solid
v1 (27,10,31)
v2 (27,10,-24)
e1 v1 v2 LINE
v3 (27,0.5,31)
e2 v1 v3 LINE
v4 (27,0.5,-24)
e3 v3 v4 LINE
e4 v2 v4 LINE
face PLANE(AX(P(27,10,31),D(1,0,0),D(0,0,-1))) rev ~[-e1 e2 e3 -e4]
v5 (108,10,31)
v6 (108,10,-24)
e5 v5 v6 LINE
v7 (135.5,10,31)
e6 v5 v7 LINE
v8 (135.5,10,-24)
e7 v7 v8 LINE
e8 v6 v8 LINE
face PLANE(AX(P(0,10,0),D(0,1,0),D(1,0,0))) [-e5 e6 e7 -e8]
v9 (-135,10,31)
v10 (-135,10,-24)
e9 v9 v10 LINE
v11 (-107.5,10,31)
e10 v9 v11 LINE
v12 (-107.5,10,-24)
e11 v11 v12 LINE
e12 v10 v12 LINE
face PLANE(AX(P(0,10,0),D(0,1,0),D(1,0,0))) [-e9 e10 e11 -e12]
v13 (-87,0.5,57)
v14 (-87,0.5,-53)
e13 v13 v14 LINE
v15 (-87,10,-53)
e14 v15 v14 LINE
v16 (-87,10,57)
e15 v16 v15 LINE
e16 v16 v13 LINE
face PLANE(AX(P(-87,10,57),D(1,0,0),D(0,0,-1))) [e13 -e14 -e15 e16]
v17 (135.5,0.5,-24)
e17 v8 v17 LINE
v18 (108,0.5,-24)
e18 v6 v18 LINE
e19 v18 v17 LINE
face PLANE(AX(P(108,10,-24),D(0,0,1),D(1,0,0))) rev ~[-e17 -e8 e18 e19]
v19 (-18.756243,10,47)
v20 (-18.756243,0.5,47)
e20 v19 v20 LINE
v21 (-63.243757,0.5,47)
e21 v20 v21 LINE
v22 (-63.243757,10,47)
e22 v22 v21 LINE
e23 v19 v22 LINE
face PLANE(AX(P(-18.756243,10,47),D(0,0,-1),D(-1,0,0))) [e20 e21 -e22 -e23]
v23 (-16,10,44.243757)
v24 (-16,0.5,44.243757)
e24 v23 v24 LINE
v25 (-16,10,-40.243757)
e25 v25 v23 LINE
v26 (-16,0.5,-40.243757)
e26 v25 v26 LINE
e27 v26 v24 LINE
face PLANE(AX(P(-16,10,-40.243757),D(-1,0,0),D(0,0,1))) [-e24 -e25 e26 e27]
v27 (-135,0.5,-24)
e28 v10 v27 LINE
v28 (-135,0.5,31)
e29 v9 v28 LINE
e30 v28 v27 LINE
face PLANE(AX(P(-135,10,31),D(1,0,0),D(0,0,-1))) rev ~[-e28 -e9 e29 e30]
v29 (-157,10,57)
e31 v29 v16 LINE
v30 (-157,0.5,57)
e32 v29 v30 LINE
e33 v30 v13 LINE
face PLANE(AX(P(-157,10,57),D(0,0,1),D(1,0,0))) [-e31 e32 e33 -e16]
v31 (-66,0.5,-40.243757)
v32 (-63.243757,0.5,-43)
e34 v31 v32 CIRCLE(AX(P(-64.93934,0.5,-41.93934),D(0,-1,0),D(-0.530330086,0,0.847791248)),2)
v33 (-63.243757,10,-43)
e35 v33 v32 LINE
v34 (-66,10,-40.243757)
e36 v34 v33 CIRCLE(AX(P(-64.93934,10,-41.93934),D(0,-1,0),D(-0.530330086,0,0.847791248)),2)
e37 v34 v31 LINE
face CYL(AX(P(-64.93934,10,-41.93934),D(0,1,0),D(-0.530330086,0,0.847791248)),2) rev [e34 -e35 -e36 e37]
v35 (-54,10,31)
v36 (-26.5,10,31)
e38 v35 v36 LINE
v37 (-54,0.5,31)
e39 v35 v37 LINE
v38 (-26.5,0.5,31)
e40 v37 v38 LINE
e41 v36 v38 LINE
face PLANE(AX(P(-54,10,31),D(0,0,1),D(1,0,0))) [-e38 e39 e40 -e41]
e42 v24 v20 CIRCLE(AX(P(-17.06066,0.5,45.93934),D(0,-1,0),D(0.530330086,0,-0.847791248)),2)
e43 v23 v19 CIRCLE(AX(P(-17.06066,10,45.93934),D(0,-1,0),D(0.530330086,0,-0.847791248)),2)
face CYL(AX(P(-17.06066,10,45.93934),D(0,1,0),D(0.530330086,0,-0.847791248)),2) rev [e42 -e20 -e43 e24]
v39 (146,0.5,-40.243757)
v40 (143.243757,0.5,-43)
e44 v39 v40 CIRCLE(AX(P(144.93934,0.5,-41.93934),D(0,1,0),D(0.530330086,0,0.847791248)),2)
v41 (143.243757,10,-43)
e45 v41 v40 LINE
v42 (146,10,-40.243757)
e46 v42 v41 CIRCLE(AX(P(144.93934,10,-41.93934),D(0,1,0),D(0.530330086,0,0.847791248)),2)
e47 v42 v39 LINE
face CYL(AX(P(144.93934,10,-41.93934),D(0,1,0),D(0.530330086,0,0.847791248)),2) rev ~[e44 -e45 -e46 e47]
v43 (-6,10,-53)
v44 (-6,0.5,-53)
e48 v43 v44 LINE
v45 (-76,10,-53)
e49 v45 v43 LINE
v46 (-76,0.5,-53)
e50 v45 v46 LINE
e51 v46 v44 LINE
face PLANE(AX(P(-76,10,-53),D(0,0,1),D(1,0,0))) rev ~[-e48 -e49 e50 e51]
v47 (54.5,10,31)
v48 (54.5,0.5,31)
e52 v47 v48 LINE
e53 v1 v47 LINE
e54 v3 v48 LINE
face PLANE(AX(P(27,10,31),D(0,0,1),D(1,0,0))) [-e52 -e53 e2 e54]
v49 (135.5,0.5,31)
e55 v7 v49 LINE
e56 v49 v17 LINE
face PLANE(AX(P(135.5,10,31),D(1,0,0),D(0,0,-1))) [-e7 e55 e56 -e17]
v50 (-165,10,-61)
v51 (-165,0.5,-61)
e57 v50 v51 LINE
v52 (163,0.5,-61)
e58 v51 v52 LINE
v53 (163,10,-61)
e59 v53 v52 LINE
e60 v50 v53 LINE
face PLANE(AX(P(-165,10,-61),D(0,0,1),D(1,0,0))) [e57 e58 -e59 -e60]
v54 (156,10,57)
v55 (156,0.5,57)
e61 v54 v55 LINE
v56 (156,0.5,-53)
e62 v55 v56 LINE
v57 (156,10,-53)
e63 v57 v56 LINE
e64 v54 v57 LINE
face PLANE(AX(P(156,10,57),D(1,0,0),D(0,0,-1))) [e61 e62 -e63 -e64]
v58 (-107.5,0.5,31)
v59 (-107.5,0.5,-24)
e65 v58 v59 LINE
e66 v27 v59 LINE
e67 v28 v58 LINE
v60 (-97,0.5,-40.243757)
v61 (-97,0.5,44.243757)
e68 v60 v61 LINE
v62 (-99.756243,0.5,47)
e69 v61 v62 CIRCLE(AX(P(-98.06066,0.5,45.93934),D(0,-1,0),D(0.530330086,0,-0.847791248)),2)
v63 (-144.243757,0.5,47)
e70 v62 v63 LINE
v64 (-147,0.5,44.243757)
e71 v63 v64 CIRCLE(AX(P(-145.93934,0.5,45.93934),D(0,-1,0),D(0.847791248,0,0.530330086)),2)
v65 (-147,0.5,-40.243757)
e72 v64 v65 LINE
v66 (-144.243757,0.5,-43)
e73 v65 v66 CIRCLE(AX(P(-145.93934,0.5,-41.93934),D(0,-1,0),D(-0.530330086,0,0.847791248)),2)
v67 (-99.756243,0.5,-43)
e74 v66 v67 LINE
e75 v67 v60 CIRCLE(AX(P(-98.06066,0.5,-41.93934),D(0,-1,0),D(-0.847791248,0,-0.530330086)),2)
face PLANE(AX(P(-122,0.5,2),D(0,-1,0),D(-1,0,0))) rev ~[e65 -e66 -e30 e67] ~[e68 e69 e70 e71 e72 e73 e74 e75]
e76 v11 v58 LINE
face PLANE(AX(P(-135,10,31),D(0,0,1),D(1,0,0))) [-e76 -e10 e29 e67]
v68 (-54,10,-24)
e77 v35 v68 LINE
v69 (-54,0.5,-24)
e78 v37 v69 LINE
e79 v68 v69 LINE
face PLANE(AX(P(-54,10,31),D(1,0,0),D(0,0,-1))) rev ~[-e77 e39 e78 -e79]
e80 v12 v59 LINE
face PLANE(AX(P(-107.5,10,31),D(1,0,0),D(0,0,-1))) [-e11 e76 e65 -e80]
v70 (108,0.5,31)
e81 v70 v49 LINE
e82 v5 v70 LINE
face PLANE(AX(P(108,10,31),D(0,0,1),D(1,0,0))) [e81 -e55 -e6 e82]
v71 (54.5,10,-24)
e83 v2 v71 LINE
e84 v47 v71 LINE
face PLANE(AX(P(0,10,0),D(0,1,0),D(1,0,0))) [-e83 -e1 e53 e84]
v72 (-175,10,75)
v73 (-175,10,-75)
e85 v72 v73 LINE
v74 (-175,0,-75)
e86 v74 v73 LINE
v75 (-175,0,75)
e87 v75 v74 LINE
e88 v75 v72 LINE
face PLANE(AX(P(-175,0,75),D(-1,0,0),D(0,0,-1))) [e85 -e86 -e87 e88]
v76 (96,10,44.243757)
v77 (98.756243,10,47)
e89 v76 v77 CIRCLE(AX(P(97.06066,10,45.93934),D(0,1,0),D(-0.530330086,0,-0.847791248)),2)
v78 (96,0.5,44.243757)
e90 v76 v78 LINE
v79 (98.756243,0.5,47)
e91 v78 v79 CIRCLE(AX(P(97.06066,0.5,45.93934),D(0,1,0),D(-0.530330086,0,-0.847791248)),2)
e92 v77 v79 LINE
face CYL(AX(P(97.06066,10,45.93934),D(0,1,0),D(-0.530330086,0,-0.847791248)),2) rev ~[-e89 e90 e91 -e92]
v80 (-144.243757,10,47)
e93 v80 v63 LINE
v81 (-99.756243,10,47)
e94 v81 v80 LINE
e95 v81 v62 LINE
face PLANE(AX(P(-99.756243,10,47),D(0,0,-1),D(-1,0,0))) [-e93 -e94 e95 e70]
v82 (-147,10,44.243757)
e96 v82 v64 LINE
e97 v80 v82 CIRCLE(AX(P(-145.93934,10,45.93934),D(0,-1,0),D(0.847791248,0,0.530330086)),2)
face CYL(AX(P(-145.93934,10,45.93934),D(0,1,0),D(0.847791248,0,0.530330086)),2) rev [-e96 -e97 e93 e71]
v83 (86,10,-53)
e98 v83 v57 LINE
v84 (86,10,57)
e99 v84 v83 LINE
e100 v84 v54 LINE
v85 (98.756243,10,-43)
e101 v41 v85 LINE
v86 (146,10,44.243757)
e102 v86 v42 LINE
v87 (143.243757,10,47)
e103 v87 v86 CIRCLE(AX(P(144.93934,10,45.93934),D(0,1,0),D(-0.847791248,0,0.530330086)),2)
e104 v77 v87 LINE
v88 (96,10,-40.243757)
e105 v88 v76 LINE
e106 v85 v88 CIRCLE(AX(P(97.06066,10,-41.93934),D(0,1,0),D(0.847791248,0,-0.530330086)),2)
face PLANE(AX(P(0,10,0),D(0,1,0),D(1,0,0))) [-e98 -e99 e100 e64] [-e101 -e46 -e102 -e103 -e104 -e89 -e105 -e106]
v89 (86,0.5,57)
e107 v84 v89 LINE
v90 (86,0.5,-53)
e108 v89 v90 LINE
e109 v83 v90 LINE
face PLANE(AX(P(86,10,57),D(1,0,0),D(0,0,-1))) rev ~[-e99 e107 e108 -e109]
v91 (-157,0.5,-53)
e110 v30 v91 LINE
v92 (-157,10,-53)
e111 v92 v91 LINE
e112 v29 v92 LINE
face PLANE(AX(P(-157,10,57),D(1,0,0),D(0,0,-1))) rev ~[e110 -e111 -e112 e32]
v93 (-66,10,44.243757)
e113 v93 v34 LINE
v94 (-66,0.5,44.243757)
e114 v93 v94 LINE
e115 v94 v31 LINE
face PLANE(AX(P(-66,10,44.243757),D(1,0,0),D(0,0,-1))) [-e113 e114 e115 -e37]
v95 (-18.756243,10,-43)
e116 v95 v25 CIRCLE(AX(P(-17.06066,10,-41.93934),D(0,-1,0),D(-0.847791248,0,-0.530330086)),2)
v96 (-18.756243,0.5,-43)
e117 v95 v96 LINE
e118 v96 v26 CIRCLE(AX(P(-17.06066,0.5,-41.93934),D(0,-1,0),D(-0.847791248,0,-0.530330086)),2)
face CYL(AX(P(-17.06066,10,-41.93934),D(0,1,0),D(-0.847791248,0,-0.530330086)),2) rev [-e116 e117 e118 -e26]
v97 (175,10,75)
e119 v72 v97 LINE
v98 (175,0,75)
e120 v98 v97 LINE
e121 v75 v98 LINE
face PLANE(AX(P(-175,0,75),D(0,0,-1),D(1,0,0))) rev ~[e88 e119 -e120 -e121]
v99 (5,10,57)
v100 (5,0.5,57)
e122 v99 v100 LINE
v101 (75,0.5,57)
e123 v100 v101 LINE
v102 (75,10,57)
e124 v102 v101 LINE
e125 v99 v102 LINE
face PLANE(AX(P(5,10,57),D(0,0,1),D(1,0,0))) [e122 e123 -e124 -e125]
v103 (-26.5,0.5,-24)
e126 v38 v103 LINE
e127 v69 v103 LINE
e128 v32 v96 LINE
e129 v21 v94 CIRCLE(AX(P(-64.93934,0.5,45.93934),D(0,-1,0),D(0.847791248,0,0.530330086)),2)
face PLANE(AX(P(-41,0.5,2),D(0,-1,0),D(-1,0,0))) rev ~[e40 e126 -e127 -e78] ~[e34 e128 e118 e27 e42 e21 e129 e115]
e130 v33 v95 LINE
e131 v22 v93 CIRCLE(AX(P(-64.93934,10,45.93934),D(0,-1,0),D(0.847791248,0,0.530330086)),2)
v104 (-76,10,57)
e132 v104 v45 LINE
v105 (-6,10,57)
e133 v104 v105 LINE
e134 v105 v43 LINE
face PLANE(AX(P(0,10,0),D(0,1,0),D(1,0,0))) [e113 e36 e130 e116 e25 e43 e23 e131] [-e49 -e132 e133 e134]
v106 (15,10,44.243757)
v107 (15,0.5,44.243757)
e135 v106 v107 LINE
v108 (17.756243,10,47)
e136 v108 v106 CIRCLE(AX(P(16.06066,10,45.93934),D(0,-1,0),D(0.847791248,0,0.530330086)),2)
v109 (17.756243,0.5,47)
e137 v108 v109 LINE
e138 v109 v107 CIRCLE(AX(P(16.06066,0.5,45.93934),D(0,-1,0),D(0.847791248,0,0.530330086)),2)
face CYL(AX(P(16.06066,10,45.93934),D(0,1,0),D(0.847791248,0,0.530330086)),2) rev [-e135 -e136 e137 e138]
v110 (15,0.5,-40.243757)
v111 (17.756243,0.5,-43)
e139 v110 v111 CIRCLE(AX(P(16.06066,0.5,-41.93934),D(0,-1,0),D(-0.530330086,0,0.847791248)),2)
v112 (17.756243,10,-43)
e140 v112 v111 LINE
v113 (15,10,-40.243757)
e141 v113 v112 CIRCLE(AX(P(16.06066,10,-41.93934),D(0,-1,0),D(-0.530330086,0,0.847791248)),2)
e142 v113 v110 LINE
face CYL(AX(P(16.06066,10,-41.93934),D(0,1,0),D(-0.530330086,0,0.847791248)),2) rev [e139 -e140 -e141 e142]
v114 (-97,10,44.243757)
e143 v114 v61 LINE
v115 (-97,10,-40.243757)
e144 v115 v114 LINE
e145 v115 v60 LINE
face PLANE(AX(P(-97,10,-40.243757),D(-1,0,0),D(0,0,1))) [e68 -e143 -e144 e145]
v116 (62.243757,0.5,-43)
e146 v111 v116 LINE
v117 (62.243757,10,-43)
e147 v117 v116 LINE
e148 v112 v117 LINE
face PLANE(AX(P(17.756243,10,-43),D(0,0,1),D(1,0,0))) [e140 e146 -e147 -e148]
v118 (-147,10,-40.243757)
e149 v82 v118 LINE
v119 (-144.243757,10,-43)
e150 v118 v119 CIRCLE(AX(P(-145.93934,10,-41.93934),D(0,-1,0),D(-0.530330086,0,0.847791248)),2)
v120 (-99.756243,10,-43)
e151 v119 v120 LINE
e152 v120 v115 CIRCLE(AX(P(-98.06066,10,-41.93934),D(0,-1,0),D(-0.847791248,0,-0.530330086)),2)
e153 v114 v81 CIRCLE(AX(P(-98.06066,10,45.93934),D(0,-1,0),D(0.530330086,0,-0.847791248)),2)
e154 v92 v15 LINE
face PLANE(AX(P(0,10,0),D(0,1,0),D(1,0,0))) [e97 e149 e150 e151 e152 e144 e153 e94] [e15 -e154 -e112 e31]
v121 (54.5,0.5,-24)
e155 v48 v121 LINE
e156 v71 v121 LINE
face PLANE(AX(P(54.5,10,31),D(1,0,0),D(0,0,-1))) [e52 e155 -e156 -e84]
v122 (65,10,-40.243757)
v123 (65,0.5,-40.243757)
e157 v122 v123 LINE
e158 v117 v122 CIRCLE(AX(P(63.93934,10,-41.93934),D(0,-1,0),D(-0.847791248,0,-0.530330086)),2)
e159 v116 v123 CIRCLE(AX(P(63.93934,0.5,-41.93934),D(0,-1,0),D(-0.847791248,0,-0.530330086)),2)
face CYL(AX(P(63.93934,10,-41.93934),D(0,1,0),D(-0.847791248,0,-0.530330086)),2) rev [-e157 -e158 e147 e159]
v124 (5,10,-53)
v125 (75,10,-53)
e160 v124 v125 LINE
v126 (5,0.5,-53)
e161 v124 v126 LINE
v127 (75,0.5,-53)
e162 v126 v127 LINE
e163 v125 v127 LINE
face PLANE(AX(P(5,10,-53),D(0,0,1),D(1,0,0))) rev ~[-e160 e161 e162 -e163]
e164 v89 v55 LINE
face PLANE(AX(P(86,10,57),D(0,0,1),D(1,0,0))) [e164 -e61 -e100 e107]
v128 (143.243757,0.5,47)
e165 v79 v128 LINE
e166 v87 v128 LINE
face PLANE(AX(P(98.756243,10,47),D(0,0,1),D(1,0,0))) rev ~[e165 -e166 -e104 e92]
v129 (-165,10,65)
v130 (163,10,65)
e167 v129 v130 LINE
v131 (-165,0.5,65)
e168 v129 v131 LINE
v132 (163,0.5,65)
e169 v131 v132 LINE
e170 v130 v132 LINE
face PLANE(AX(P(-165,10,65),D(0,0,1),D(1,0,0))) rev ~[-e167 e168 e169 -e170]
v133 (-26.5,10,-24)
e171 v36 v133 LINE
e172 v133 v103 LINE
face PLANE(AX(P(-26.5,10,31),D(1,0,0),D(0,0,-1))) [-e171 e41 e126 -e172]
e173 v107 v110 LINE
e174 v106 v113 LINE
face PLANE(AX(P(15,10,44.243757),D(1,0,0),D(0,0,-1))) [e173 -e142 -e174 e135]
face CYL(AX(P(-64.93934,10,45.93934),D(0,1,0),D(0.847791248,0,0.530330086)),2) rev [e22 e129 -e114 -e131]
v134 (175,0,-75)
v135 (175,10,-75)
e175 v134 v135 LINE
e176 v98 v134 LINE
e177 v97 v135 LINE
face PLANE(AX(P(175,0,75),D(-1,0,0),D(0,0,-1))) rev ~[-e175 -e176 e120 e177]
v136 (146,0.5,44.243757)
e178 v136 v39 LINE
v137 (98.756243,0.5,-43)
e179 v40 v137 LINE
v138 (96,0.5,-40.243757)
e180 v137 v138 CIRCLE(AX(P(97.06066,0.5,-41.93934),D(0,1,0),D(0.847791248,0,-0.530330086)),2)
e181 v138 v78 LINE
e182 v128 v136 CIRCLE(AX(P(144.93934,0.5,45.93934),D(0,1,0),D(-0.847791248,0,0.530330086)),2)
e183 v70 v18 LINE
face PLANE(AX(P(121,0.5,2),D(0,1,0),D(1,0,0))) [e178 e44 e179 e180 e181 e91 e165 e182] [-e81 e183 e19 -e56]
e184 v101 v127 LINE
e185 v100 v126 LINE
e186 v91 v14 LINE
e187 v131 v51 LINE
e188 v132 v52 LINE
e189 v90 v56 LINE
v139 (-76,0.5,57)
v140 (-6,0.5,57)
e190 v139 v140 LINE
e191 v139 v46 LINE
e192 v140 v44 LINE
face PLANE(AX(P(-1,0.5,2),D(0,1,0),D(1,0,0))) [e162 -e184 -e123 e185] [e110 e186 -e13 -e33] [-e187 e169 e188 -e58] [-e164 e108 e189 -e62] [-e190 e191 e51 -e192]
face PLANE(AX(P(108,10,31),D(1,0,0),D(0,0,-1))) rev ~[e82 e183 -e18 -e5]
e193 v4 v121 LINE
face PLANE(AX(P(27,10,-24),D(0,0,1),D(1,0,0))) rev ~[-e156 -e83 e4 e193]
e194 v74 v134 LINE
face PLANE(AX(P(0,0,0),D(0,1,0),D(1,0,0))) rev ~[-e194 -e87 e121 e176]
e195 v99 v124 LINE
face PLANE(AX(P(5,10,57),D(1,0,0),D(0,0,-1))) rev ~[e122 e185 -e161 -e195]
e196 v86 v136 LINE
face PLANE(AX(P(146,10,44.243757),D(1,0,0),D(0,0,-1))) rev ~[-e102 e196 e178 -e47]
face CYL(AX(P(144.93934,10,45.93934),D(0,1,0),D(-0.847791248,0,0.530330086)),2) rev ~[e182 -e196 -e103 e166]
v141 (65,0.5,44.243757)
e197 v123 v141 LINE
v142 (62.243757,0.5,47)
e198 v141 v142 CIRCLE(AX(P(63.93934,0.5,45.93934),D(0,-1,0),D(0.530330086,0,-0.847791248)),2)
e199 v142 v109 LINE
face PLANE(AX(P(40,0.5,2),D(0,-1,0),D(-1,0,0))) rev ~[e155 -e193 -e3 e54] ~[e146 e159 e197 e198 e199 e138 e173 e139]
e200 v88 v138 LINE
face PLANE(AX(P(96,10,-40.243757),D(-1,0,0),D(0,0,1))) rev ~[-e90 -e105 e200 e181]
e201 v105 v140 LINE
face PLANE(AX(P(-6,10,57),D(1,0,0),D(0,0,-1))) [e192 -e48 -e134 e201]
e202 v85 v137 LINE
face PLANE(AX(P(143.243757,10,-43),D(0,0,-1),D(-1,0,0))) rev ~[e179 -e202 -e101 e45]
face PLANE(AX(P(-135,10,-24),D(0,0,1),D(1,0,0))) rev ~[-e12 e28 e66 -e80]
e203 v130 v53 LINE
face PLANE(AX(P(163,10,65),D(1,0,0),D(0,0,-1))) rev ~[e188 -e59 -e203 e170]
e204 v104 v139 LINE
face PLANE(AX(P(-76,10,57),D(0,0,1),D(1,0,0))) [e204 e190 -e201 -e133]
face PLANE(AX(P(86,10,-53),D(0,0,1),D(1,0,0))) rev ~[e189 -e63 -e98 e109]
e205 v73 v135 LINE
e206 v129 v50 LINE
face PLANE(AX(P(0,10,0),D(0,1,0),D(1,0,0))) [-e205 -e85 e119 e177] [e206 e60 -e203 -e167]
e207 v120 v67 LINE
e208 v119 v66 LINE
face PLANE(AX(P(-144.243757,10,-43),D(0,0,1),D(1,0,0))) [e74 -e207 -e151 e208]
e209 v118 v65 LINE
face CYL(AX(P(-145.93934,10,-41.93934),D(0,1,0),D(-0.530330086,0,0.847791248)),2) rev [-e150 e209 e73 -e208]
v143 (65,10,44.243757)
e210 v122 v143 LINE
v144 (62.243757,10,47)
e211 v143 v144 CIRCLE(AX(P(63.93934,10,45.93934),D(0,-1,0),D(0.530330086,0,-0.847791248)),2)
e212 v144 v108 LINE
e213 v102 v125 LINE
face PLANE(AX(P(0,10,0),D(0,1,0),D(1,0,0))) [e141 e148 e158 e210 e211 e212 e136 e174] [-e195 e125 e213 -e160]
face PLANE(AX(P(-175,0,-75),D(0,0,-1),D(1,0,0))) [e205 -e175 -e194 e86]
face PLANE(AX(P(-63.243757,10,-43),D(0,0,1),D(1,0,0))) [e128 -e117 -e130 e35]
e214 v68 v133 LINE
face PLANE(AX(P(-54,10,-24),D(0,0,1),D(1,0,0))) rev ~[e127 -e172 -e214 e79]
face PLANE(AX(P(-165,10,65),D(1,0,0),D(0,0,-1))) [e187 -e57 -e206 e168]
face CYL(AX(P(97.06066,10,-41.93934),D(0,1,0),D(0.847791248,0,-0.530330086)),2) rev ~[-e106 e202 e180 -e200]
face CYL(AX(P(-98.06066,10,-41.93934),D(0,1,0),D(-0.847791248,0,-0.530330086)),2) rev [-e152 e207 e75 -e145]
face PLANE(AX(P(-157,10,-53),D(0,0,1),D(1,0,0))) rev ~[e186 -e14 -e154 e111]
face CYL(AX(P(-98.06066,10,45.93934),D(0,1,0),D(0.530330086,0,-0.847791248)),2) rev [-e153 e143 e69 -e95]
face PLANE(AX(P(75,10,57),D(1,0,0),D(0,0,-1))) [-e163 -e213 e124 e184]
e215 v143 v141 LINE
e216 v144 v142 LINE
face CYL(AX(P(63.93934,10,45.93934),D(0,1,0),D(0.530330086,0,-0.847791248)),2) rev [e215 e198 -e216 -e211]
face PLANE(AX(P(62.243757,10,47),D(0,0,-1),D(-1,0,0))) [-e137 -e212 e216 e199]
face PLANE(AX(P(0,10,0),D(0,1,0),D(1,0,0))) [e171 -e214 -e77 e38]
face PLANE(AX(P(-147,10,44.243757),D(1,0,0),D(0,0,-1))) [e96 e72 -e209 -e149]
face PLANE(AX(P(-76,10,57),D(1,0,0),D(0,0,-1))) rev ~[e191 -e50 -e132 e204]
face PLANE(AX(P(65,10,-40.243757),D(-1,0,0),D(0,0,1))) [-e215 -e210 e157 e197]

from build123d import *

# Parameters (mm, degrees)
SKETCH1_W           = 350
SKETCH1_H           = 150
BOSS_EXTRUDE1_DEPTH = 10
SKETCH2_W           = 328
SKETCH2_H           = 126
SKETCH2_W_2         = 70
SKETCH2_H_2         = 110
SKETCH2_W_3         = 27.5
SKETCH2_H_3         = 55
CUT_EXTRUDE1_DEPTH  = 9.5


with BuildPart() as part:
    # Sketch1 → Boss-Extrude1 (new body)
    with BuildSketch(Plane(origin=(0, 0, 0), x_dir=(1, 0, 0), z_dir=(0, 1, 0))):
        Rectangle(SKETCH1_W, SKETCH1_H)
    extrude(amount=BOSS_EXTRUDE1_DEPTH)

    # Sketch2 → Cut-Extrude1 (cut)
    # profile 1 of 5: a face of its own
    with BuildSketch(Plane(origin=(0, 10, 0), x_dir=(1, 0, 0), z_dir=(0, 1, 0))):
        with Locations((-1, -2)):
            Rectangle(SKETCH2_W, SKETCH2_H)
        with Locations((-122, -2)):
            Rectangle(SKETCH2_W_2, SKETCH2_H_2, mode=Mode.SUBTRACT)
        with Locations((-41, -2)):
            Rectangle(SKETCH2_W_2, SKETCH2_H_2, mode=Mode.SUBTRACT)
        with Locations((40, -2)):
            Rectangle(SKETCH2_W_2, SKETCH2_H_2, mode=Mode.SUBTRACT)
        with Locations((121, -2)):
            Rectangle(SKETCH2_W_2, SKETCH2_H_2, mode=Mode.SUBTRACT)
    # profile 2 of 5: a face of its own
    with BuildSketch(Plane(origin=(0, 10, 0), x_dir=(1, 0, 0), z_dir=(0, 1, 0))):
        with BuildLine():
            Line((-147, -44.243757332), (-147, 40.243757332))
            ThreePointArc((-147, 40.243757332), (-147.353553391, 43.353553391), (-144.243757332, 43))
            Line((-144.243757332, 43), (-99.756242668, 43))
            ThreePointArc((-99.756242668, 43), (-96.646446609, 43.353553391), (-97, 40.243757332))
            Line((-97, 40.243757332), (-97, -44.243757332))
            ThreePointArc((-97, -44.243757332), (-96.646446609, -47.353553391), (-99.756242668, -47))
            Line((-99.756242668, -47), (-144.243757332, -47))
            ThreePointArc((-144.243757332, -47), (-147.353553391, -47.353553391), (-147, -44.243757332))
        make_face()
        with Locations((-121.25, -3.5)):
            Rectangle(SKETCH2_W_3, SKETCH2_H_3, mode=Mode.SUBTRACT)
    # profile 3 of 5: a face of its own
    with BuildSketch(Plane(origin=(0, 10, 0), x_dir=(1, 0, 0), z_dir=(0, 1, 0))):
        with BuildLine():
            Line((-66, -44.243757332), (-66, 40.243757332))
            ThreePointArc((-66, 40.243757332), (-66.353553391, 43.353553391), (-63.243757332, 43))
            Line((-63.243757332, 43), (-18.756242668, 43))
            ThreePointArc((-18.756242668, 43), (-15.646446609, 43.353553391), (-16, 40.243757332))
            Line((-16, 40.243757332), (-16, -44.243757332))
            ThreePointArc((-16, -44.243757332), (-15.646446609, -47.353553391), (-18.756242668, -47))
            Line((-18.756242668, -47), (-63.243757332, -47))
            ThreePointArc((-63.243757332, -47), (-66.353553391, -47.353553391), (-66, -44.243757332))
        make_face()
        with Locations((-40.25, -3.5)):
            Rectangle(SKETCH2_W_3, SKETCH2_H_3, mode=Mode.SUBTRACT)
    # profile 4 of 5: a face of its own
    with BuildSketch(Plane(origin=(0, 10, 0), x_dir=(1, 0, 0), z_dir=(0, 1, 0))):
        with BuildLine():
            Line((15, -44.243757332), (15, 40.243757332))
            ThreePointArc((15, 40.243757332), (14.646446609, 43.353553391), (17.756242668, 43))
            Line((17.756242668, 43), (62.243757332, 43))
            ThreePointArc((62.243757332, 43), (65.353553391, 43.353553391), (65, 40.243757332))
            Line((65, 40.243757332), (65, -44.243757332))
            ThreePointArc((65, -44.243757332), (65.353553391, -47.353553391), (62.243757332, -47))
            Line((62.243757332, -47), (17.756242668, -47))
            ThreePointArc((17.756242668, -47), (14.646446609, -47.353553391), (15, -44.243757332))
        make_face()
        with Locations((40.75, -3.5)):
            Rectangle(SKETCH2_W_3, SKETCH2_H_3, mode=Mode.SUBTRACT)
    # profile 5 of 5: a face of its own
    with BuildSketch(Plane(origin=(0, 10, 0), x_dir=(1, 0, 0), z_dir=(0, 1, 0))):
        with BuildLine():
            Line((98.756242668, -47), (143.243757332, -47))
            ThreePointArc((143.243757332, -47), (146.353553391, -47.353553391), (146, -44.243757332))
            Line((146, -44.243757332), (146, 40.243757332))
            ThreePointArc((146, 40.243757332), (146.353553391, 43.353553391), (143.243757332, 43))
            Line((143.243757332, 43), (98.756242668, 43))
            ThreePointArc((98.756242668, 43), (95.646446609, 43.353553391), (96, 40.243757332))
            Line((96, 40.243757332), (96, -44.243757332))
            ThreePointArc((96, -44.243757332), (95.646446609, -47.353553391), (98.756242668, -47))
        make_face()
        with Locations((121.75, -3.5)):
            Rectangle(SKETCH2_W_3, SKETCH2_H_3, mode=Mode.SUBTRACT)
    extrude(amount=-CUT_EXTRUDE1_DEPTH, mode=Mode.SUBTRACT)


solid = part.part
